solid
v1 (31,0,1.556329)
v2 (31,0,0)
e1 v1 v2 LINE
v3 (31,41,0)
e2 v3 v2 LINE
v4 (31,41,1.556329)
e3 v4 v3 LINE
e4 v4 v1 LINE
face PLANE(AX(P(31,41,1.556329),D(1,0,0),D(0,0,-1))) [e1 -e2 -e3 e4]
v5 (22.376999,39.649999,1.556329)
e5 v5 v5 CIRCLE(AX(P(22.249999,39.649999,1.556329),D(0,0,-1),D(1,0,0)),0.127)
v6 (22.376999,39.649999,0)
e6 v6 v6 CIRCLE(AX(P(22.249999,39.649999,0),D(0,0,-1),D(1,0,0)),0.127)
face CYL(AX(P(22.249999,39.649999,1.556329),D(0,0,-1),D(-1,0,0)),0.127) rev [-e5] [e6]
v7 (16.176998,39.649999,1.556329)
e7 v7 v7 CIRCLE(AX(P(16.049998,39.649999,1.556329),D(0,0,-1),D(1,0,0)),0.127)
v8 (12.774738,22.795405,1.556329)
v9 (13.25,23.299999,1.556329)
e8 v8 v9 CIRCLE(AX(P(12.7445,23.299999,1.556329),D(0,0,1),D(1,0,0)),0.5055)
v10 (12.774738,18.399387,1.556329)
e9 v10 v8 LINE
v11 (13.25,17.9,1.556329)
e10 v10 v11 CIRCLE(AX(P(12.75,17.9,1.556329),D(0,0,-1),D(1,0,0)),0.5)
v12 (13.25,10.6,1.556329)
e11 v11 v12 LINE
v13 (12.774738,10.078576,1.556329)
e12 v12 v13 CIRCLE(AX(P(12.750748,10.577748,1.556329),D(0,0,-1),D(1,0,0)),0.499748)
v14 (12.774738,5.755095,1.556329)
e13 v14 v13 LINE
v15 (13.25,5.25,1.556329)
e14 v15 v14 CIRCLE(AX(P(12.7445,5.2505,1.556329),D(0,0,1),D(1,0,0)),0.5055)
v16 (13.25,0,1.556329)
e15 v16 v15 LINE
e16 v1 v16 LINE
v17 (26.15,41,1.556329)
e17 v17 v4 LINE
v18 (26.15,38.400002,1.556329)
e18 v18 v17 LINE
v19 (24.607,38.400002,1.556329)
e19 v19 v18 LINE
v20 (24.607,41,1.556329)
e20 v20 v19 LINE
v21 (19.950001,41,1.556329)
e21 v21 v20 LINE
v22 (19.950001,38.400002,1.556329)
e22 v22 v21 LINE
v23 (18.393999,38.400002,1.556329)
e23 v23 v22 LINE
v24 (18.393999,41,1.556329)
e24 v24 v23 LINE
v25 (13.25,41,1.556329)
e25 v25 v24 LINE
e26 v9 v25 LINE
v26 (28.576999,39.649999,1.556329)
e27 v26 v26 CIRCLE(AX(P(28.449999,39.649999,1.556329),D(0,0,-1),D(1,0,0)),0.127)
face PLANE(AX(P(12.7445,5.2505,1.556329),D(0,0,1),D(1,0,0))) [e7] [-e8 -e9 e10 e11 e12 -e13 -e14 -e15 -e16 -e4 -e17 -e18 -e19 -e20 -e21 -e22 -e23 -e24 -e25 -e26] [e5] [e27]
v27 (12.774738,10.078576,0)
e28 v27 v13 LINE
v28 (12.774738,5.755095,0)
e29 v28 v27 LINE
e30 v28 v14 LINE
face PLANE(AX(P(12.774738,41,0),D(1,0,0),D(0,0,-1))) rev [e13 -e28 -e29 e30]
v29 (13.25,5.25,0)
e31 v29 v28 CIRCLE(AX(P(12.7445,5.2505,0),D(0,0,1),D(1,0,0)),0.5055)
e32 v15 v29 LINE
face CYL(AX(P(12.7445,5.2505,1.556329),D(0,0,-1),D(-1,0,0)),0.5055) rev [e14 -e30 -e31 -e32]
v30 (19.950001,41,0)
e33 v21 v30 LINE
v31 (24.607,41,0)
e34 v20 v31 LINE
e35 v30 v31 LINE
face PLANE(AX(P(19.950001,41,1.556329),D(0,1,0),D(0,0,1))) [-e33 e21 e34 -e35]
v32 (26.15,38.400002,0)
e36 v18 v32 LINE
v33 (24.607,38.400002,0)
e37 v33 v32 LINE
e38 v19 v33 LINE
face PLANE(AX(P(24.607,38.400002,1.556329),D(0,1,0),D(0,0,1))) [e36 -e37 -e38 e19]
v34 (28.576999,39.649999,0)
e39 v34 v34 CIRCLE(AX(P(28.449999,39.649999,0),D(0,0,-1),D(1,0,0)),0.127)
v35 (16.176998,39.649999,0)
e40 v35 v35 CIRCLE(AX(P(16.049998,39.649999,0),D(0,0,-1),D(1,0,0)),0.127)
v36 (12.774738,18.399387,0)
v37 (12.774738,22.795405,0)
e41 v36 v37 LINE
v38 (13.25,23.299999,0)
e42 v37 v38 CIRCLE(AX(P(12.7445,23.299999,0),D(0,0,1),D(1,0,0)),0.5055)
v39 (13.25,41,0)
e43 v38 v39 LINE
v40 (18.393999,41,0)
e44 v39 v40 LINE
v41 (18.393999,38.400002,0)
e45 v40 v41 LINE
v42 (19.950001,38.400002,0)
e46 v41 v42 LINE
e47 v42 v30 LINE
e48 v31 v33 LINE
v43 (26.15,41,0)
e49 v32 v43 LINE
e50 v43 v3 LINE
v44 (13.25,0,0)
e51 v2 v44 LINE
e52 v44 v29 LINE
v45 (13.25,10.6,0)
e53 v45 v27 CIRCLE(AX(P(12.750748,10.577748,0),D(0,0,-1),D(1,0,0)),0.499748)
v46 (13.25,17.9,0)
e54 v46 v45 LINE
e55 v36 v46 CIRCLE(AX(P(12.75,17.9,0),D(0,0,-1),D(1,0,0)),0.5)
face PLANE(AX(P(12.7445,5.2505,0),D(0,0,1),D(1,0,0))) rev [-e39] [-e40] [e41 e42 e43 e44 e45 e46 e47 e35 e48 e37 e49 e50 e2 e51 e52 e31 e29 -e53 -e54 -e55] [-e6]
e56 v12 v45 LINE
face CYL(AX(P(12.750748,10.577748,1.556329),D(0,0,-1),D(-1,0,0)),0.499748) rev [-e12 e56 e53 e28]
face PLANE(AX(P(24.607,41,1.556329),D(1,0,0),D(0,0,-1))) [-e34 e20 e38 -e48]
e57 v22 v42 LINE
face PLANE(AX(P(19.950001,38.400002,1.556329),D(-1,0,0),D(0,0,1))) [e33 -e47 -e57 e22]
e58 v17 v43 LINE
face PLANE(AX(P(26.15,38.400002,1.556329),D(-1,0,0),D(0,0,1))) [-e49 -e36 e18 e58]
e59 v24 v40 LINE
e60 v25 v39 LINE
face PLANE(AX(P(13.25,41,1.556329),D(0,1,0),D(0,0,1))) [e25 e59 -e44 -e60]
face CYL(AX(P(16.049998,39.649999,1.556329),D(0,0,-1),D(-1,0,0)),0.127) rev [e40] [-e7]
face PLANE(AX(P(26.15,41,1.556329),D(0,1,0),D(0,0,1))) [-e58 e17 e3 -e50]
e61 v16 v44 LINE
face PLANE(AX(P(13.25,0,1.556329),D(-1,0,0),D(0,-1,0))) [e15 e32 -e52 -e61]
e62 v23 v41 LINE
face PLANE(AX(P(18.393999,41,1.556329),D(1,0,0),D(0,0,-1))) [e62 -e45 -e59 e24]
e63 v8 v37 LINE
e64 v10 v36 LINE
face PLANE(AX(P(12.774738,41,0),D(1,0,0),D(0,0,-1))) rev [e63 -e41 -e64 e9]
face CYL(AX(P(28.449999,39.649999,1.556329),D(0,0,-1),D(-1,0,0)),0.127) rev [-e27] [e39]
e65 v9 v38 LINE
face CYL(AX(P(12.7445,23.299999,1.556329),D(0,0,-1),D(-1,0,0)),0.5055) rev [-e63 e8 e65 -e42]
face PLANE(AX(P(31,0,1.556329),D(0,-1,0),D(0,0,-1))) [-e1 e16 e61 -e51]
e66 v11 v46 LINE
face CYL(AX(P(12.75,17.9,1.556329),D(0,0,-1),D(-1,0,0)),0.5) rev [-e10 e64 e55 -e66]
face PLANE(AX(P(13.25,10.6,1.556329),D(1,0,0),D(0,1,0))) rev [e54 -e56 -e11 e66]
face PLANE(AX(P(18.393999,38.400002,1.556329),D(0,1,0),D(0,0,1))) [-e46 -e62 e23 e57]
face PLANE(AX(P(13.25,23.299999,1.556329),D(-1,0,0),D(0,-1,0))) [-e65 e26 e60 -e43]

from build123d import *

# Parameters (mm, degrees)
ESQUISSE1_R             = 0.127
ESQUISSE1_R_2           = 0.3999992
ESQUISSE1_R_3           = 0.4953
BOSS_EXTRU_1_DEPTH      = 1.55632912
ESQUISSE2_W             = 12.774737624
ESQUISSE2_H             = 41
ENL_V_MAT_EXTRU_1_DEPTH = 52.423945398


with BuildPart() as part:
    # Esquisse1 → Boss.-Extru.1 (new body)
    with BuildSketch(Plane(origin=(0, 0, 0), x_dir=(-1, 0, 0), z_dir=(0, 0, -1))):
        with BuildLine():
            Line((-12.23900032, 5.25), (-12.23900032, 0))
            Line((-12.23900032, 0), (0, 0))
            Line((0, 0), (0, 41))
            Line((0, 41), (-12.23900032, 41))
            Line((-12.23900032, 41), (-12.23900032, 23.299999237))
            ThreePointArc((-12.23900032, 23.299999237), (-12.74450016, 22.794499397), (-13.25, 23.299999237))
            Line((-13.25, 23.299999237), (-13.25, 41))
            Line((-13.25, 41), (-18.3939991, 41))
            Line((-18.3939991, 41), (-18.3939991, 38.400001526))
            Line((-18.3939991, 38.400001526), (-19.950000763, 38.400001526))
            Line((-19.950000763, 38.400001526), (-19.950000763, 41))
            Line((-19.950000763, 41), (-24.607000351, 41))
            Line((-24.607000351, 41), (-24.607000351, 38.400001526))
            Line((-24.607000351, 38.400001526), (-26.149999619, 38.400001526))
            Line((-26.149999619, 38.400001526), (-26.149999619, 41))
            Line((-26.149999619, 41), (-31, 41))
            Line((-31, 41), (-31, 0))
            Line((-31, 0), (-13.25, 0))
            Line((-13.25, 0), (-13.25, 5.25))
            ThreePointArc((-13.25, 5.25), (-12.74450016, 5.756000289), (-12.23900032, 5.25))
        make_face()
        with Locations(Location((-22.24999868, 39.64999944, 0), (0, 0, 180))):
            Circle(ESQUISSE1_R, mode=Mode.SUBTRACT)
        with Locations(Location((-28.44999898, 39.64999944, 0), (0, 0, 180))):
            Circle(ESQUISSE1_R, mode=Mode.SUBTRACT)
        with Locations(Location((-16.04999838, 39.64999944, 0), (0, 0, 180))):
            Circle(ESQUISSE1_R, mode=Mode.SUBTRACT)
        with Locations(Location((-8.7900002, 35.81500076, 0), (0, 0, 180))):
            Circle(ESQUISSE1_R_2, mode=Mode.SUBTRACT)
        with Locations(Location((-6.2500002, 38.35500076, 0), (0, 0, 180))):
            Circle(ESQUISSE1_R_2, mode=Mode.SUBTRACT)
        with Locations(Location((-3.7100002, 35.81500076, 0), (0, 0, 180))):
            Circle(ESQUISSE1_R_2, mode=Mode.SUBTRACT)
        with Locations(Location((-3.59000044, 6.14000042, 0), (0, 0, 180))):
            Circle(ESQUISSE1_R_3, mode=Mode.SUBTRACT)
        with Locations(Location((-1.05000044, 6.14000042, 0), (0, 0, 180))):
            Circle(ESQUISSE1_R_3, mode=Mode.SUBTRACT)
        with Locations(Location((-1.05000044, 1.06000042, 0), (0, 0, 180))):
            Circle(ESQUISSE1_R_3, mode=Mode.SUBTRACT)
        with Locations(Location((-1.05000044, 3.60000042, 0), (0, 0, 180))):
            Circle(ESQUISSE1_R_3, mode=Mode.SUBTRACT)
        with BuildLine():
            Line((-12.250000009, 17.899931304), (-12.251000404, 10.578000069))
            ThreePointArc((-12.251000404, 10.578000069), (-12.761750957, 10.078121146), (-13.25, 10.600000381))
            Line((-13.25, 10.600000381), (-13.25, 17.899999619))
            ThreePointArc((-13.25, 17.899999619), (-12.749965845, 18.399999615), (-12.250000009, 17.899931304))
        make_face(mode=Mode.SUBTRACT)
    extrude(amount=-BOSS_EXTRU_1_DEPTH)

    # Esquisse2 → Enlèv. mat.-Extru.1 (cut, through all)
    with BuildSketch(Plane.XY.offset(1.55632912)):
        with Locations((6.387368812, 20.5)):
            Rectangle(ESQUISSE2_W, ESQUISSE2_H)
    extrude(amount=-ENL_V_MAT_EXTRU_1_DEPTH, mode=Mode.SUBTRACT)


solid = part.part
